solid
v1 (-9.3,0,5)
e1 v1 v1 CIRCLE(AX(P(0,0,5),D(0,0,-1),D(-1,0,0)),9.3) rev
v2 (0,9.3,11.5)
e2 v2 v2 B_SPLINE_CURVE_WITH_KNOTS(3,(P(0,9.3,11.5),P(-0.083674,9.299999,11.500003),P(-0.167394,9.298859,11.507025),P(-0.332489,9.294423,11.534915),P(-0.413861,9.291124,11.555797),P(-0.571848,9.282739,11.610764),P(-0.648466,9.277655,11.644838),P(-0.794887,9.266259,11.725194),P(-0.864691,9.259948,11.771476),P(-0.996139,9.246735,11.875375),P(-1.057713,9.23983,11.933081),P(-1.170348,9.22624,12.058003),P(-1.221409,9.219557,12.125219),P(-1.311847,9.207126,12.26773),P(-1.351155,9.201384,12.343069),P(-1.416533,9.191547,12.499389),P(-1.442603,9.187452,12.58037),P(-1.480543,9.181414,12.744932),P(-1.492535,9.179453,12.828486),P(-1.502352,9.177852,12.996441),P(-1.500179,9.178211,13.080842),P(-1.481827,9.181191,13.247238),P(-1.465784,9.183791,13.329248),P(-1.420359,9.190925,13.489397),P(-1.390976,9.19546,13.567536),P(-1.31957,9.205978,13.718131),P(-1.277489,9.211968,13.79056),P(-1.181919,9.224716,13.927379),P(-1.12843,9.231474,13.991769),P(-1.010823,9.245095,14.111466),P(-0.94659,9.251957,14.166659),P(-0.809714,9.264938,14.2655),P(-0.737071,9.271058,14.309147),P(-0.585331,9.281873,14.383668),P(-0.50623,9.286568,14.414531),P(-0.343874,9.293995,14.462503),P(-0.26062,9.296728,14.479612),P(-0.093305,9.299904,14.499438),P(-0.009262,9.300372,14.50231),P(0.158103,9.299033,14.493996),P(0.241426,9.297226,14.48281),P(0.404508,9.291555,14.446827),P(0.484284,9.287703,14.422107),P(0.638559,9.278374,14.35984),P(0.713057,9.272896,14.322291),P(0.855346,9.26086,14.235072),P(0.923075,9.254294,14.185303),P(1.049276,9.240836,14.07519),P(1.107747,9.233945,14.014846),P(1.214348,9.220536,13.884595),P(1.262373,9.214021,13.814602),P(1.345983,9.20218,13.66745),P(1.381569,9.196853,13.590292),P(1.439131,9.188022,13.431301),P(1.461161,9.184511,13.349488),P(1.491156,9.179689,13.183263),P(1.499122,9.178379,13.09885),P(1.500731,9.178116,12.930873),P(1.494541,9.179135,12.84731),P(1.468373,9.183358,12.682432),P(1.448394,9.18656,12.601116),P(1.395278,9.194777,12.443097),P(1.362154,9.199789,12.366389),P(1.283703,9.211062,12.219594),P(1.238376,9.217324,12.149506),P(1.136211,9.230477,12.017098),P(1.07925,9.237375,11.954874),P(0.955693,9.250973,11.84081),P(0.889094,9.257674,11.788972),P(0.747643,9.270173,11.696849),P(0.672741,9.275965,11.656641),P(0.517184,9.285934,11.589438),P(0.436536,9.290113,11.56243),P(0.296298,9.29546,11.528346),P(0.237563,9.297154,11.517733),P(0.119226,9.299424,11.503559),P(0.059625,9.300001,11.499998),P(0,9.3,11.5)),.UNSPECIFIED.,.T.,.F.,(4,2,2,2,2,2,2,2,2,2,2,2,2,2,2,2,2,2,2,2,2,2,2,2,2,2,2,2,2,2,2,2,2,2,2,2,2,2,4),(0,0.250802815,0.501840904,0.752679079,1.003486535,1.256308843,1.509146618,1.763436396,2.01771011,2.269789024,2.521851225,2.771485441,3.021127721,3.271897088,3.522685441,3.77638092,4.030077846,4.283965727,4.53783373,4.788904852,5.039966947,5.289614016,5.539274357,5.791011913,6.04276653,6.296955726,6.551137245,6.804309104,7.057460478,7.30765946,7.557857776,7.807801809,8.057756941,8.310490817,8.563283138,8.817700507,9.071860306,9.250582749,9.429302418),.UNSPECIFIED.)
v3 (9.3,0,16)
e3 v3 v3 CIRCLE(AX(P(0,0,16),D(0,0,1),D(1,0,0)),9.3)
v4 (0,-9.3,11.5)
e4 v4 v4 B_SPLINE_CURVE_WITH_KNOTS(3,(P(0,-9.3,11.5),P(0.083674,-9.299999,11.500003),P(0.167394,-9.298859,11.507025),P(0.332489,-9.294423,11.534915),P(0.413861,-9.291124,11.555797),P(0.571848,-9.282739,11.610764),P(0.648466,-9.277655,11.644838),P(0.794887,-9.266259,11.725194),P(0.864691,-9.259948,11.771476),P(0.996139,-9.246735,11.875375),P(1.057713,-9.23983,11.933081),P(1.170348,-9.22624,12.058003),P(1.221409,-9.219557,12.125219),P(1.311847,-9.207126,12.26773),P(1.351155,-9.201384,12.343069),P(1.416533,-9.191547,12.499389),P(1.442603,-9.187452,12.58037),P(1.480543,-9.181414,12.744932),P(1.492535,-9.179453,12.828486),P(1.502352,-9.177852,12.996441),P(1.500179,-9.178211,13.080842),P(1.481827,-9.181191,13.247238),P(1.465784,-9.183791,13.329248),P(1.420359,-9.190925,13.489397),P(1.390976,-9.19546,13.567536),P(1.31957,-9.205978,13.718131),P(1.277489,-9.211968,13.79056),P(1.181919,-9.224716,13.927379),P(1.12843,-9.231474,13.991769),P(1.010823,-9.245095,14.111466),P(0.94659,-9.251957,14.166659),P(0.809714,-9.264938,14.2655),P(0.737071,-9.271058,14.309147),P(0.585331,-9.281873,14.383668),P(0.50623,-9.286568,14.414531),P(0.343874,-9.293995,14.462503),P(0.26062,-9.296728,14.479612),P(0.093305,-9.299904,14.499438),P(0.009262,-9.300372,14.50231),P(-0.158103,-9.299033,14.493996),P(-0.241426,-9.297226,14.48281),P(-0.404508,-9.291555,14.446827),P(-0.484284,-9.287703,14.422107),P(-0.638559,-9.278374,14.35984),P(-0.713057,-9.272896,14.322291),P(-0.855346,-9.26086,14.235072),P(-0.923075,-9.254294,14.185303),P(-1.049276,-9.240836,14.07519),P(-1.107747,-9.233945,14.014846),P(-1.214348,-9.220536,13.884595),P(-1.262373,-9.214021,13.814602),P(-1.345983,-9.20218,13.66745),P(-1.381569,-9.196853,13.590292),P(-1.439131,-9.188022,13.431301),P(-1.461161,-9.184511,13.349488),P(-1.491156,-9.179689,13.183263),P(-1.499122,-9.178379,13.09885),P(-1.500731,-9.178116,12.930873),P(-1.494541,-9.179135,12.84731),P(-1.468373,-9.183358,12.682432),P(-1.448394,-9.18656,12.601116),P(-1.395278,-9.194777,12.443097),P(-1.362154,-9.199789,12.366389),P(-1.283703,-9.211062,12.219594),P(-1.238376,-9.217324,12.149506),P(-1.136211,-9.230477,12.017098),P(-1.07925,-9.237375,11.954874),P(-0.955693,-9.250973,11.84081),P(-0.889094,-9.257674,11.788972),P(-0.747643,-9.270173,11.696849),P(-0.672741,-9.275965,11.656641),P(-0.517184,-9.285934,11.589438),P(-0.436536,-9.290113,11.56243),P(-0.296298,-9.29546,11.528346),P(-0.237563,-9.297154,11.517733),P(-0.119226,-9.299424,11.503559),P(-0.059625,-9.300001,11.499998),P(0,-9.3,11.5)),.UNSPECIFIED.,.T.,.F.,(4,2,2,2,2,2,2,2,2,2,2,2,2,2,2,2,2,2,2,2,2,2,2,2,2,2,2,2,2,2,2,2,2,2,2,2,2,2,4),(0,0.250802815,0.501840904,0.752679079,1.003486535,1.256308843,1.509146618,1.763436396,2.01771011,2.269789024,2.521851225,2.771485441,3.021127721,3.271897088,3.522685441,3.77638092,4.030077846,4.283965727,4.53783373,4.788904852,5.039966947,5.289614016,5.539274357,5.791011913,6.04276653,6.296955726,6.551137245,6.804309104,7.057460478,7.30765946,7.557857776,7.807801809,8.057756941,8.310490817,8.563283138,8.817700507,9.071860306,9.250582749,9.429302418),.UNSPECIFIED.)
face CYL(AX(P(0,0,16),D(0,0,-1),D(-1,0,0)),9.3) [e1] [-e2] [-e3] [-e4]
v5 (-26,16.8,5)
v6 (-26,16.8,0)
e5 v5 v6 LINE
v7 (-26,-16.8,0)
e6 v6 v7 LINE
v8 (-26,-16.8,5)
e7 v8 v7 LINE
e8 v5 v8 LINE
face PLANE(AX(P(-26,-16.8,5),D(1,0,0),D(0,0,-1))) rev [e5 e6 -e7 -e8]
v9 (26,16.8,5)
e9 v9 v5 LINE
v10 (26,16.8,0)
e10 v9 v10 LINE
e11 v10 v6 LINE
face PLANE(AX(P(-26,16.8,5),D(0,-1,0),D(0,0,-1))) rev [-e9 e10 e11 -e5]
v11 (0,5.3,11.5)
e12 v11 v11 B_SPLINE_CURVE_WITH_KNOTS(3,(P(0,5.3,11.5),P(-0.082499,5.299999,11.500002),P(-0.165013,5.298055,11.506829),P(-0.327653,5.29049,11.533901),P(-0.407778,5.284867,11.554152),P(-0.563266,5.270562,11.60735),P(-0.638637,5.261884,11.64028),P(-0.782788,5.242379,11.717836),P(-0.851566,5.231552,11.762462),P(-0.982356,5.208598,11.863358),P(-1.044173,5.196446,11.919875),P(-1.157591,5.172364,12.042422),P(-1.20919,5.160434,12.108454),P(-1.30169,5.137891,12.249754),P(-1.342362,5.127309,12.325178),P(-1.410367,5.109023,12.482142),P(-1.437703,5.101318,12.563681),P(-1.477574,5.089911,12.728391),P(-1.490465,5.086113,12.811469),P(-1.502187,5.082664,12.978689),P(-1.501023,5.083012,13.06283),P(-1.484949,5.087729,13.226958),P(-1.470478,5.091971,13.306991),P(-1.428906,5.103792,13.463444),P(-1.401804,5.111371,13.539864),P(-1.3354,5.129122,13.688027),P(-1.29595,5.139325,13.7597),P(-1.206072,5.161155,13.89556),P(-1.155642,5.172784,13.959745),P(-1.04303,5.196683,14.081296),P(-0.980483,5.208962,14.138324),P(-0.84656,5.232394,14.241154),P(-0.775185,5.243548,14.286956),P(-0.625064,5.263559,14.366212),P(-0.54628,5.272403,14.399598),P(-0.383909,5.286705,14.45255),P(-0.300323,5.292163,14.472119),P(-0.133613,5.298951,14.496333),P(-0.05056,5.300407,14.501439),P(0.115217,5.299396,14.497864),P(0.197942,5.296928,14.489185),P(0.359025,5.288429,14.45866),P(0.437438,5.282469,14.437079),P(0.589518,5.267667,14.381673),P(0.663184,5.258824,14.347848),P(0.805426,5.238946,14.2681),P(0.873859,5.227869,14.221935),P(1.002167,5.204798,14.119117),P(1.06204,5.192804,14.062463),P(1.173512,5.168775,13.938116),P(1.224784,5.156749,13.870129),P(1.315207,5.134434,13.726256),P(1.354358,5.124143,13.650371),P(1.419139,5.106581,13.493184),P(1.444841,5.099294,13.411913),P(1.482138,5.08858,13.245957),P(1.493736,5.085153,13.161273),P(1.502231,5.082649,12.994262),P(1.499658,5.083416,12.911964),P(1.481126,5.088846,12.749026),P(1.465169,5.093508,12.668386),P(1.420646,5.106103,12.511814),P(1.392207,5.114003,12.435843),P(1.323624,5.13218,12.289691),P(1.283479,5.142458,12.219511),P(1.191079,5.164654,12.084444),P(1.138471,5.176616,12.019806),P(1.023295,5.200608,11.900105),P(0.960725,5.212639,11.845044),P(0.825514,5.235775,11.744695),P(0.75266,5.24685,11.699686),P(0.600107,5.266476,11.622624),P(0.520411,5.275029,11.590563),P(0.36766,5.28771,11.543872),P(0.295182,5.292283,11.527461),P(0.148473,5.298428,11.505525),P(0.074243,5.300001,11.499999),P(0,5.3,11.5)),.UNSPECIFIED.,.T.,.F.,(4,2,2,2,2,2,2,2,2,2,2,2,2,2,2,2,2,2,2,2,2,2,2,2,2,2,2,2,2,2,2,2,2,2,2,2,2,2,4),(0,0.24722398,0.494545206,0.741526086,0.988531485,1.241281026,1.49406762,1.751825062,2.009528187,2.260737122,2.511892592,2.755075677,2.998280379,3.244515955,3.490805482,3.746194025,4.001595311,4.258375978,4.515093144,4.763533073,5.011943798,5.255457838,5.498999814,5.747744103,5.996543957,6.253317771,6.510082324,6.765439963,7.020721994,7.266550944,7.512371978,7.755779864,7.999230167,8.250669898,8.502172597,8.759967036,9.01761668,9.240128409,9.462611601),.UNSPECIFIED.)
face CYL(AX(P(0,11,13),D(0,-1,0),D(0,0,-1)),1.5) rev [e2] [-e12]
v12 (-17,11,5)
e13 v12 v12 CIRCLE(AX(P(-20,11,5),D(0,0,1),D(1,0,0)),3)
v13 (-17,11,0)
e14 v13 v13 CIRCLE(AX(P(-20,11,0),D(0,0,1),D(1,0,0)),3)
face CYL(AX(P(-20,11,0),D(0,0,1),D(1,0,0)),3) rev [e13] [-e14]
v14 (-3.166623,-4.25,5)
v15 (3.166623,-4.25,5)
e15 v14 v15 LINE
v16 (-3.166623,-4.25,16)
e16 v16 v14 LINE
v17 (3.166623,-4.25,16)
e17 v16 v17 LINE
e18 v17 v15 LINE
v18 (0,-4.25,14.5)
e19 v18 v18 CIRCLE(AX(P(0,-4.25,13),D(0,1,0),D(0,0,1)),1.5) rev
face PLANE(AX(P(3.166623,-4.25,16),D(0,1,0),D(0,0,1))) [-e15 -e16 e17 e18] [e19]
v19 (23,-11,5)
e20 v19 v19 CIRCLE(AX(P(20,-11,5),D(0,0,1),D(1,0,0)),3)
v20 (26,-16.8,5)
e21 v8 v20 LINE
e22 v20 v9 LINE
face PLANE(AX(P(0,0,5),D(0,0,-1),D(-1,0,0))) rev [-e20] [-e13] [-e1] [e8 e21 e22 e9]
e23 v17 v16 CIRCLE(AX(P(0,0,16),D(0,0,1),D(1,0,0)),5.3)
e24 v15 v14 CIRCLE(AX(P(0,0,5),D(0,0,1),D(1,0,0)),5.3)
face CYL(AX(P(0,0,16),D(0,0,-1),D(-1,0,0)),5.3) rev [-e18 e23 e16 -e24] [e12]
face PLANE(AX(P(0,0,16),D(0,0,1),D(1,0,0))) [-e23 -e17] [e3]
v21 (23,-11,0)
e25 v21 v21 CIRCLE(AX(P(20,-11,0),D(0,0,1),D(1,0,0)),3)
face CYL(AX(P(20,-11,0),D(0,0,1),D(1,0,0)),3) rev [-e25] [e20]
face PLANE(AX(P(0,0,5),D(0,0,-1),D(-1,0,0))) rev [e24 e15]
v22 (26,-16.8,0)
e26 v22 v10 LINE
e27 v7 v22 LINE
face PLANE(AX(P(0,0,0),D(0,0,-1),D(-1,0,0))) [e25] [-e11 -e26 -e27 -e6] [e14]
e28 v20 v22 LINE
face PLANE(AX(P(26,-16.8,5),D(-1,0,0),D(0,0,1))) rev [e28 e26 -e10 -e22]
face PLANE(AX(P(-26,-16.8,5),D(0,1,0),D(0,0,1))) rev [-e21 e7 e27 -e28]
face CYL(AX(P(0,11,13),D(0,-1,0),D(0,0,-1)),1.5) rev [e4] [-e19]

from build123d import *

# Parameters (mm, degrees)
SKETCH_1_W               = 52
SKETCH_1_H               = 33.6
EXTRUDE_1_DEPTH          = 5
SKETCH_3_R               = 3
CUT_EXTRUDE_2_DEPTH      = 5
SKETCH_4_R               = 9.3
EXTRUDE_2_DEPTH          = 11
CUT_EXTRUDE_3_DEPTH      = 11
CUT_EXTRUDE_3_DEPTH_BACK = 11
SKETCH_5_R               = 1.5


with BuildPart() as part:
    # 草图1 → 凸台-拉伸1 (new body)
    with BuildSketch(Plane.XY):
        Rectangle(SKETCH_1_W, SKETCH_1_H)
    extrude(amount=EXTRUDE_1_DEPTH)

    # 草图3 → 切除-拉伸2 (cut)
    with BuildSketch(Plane.XY.offset(5)):
        with Locations((-20, 11)):
            Circle(SKETCH_3_R)
        with Locations((20, -11)):
            Circle(SKETCH_3_R)
    extrude(amount=-CUT_EXTRUDE_2_DEPTH, mode=Mode.SUBTRACT)

    # 草图4 → 凸台-拉伸2 (add)
    with BuildSketch(Plane.XY.offset(5)):
        with Locations(Location((0, 0, 0), (0, 0, 180))):
            Circle(SKETCH_4_R)
        with BuildLine():
            Line((3.166622807, -4.25), (-3.166622807, -4.25))
            ThreePointArc((-3.166622807, -4.25), (0, 5.3), (3.166622807, -4.25))
        make_face(mode=Mode.SUBTRACT)
    extrude(amount=EXTRUDE_2_DEPTH)

    # 草图5 → 切除-拉伸3 (cut, two sides: drawn at the far end of the back side and taken through both)
    with BuildSketch(Plane(origin=(0, 0, 0), x_dir=(1, 0, 0), z_dir=(0, 1, 0)).offset(-CUT_EXTRUDE_3_DEPTH_BACK)):
        with Locations(Location((0, -13, 0), (0, 0, 90))):
            Circle(SKETCH_5_R)
    extrude(amount=CUT_EXTRUDE_3_DEPTH + CUT_EXTRUDE_3_DEPTH_BACK, mode=Mode.SUBTRACT)


solid = part.part
